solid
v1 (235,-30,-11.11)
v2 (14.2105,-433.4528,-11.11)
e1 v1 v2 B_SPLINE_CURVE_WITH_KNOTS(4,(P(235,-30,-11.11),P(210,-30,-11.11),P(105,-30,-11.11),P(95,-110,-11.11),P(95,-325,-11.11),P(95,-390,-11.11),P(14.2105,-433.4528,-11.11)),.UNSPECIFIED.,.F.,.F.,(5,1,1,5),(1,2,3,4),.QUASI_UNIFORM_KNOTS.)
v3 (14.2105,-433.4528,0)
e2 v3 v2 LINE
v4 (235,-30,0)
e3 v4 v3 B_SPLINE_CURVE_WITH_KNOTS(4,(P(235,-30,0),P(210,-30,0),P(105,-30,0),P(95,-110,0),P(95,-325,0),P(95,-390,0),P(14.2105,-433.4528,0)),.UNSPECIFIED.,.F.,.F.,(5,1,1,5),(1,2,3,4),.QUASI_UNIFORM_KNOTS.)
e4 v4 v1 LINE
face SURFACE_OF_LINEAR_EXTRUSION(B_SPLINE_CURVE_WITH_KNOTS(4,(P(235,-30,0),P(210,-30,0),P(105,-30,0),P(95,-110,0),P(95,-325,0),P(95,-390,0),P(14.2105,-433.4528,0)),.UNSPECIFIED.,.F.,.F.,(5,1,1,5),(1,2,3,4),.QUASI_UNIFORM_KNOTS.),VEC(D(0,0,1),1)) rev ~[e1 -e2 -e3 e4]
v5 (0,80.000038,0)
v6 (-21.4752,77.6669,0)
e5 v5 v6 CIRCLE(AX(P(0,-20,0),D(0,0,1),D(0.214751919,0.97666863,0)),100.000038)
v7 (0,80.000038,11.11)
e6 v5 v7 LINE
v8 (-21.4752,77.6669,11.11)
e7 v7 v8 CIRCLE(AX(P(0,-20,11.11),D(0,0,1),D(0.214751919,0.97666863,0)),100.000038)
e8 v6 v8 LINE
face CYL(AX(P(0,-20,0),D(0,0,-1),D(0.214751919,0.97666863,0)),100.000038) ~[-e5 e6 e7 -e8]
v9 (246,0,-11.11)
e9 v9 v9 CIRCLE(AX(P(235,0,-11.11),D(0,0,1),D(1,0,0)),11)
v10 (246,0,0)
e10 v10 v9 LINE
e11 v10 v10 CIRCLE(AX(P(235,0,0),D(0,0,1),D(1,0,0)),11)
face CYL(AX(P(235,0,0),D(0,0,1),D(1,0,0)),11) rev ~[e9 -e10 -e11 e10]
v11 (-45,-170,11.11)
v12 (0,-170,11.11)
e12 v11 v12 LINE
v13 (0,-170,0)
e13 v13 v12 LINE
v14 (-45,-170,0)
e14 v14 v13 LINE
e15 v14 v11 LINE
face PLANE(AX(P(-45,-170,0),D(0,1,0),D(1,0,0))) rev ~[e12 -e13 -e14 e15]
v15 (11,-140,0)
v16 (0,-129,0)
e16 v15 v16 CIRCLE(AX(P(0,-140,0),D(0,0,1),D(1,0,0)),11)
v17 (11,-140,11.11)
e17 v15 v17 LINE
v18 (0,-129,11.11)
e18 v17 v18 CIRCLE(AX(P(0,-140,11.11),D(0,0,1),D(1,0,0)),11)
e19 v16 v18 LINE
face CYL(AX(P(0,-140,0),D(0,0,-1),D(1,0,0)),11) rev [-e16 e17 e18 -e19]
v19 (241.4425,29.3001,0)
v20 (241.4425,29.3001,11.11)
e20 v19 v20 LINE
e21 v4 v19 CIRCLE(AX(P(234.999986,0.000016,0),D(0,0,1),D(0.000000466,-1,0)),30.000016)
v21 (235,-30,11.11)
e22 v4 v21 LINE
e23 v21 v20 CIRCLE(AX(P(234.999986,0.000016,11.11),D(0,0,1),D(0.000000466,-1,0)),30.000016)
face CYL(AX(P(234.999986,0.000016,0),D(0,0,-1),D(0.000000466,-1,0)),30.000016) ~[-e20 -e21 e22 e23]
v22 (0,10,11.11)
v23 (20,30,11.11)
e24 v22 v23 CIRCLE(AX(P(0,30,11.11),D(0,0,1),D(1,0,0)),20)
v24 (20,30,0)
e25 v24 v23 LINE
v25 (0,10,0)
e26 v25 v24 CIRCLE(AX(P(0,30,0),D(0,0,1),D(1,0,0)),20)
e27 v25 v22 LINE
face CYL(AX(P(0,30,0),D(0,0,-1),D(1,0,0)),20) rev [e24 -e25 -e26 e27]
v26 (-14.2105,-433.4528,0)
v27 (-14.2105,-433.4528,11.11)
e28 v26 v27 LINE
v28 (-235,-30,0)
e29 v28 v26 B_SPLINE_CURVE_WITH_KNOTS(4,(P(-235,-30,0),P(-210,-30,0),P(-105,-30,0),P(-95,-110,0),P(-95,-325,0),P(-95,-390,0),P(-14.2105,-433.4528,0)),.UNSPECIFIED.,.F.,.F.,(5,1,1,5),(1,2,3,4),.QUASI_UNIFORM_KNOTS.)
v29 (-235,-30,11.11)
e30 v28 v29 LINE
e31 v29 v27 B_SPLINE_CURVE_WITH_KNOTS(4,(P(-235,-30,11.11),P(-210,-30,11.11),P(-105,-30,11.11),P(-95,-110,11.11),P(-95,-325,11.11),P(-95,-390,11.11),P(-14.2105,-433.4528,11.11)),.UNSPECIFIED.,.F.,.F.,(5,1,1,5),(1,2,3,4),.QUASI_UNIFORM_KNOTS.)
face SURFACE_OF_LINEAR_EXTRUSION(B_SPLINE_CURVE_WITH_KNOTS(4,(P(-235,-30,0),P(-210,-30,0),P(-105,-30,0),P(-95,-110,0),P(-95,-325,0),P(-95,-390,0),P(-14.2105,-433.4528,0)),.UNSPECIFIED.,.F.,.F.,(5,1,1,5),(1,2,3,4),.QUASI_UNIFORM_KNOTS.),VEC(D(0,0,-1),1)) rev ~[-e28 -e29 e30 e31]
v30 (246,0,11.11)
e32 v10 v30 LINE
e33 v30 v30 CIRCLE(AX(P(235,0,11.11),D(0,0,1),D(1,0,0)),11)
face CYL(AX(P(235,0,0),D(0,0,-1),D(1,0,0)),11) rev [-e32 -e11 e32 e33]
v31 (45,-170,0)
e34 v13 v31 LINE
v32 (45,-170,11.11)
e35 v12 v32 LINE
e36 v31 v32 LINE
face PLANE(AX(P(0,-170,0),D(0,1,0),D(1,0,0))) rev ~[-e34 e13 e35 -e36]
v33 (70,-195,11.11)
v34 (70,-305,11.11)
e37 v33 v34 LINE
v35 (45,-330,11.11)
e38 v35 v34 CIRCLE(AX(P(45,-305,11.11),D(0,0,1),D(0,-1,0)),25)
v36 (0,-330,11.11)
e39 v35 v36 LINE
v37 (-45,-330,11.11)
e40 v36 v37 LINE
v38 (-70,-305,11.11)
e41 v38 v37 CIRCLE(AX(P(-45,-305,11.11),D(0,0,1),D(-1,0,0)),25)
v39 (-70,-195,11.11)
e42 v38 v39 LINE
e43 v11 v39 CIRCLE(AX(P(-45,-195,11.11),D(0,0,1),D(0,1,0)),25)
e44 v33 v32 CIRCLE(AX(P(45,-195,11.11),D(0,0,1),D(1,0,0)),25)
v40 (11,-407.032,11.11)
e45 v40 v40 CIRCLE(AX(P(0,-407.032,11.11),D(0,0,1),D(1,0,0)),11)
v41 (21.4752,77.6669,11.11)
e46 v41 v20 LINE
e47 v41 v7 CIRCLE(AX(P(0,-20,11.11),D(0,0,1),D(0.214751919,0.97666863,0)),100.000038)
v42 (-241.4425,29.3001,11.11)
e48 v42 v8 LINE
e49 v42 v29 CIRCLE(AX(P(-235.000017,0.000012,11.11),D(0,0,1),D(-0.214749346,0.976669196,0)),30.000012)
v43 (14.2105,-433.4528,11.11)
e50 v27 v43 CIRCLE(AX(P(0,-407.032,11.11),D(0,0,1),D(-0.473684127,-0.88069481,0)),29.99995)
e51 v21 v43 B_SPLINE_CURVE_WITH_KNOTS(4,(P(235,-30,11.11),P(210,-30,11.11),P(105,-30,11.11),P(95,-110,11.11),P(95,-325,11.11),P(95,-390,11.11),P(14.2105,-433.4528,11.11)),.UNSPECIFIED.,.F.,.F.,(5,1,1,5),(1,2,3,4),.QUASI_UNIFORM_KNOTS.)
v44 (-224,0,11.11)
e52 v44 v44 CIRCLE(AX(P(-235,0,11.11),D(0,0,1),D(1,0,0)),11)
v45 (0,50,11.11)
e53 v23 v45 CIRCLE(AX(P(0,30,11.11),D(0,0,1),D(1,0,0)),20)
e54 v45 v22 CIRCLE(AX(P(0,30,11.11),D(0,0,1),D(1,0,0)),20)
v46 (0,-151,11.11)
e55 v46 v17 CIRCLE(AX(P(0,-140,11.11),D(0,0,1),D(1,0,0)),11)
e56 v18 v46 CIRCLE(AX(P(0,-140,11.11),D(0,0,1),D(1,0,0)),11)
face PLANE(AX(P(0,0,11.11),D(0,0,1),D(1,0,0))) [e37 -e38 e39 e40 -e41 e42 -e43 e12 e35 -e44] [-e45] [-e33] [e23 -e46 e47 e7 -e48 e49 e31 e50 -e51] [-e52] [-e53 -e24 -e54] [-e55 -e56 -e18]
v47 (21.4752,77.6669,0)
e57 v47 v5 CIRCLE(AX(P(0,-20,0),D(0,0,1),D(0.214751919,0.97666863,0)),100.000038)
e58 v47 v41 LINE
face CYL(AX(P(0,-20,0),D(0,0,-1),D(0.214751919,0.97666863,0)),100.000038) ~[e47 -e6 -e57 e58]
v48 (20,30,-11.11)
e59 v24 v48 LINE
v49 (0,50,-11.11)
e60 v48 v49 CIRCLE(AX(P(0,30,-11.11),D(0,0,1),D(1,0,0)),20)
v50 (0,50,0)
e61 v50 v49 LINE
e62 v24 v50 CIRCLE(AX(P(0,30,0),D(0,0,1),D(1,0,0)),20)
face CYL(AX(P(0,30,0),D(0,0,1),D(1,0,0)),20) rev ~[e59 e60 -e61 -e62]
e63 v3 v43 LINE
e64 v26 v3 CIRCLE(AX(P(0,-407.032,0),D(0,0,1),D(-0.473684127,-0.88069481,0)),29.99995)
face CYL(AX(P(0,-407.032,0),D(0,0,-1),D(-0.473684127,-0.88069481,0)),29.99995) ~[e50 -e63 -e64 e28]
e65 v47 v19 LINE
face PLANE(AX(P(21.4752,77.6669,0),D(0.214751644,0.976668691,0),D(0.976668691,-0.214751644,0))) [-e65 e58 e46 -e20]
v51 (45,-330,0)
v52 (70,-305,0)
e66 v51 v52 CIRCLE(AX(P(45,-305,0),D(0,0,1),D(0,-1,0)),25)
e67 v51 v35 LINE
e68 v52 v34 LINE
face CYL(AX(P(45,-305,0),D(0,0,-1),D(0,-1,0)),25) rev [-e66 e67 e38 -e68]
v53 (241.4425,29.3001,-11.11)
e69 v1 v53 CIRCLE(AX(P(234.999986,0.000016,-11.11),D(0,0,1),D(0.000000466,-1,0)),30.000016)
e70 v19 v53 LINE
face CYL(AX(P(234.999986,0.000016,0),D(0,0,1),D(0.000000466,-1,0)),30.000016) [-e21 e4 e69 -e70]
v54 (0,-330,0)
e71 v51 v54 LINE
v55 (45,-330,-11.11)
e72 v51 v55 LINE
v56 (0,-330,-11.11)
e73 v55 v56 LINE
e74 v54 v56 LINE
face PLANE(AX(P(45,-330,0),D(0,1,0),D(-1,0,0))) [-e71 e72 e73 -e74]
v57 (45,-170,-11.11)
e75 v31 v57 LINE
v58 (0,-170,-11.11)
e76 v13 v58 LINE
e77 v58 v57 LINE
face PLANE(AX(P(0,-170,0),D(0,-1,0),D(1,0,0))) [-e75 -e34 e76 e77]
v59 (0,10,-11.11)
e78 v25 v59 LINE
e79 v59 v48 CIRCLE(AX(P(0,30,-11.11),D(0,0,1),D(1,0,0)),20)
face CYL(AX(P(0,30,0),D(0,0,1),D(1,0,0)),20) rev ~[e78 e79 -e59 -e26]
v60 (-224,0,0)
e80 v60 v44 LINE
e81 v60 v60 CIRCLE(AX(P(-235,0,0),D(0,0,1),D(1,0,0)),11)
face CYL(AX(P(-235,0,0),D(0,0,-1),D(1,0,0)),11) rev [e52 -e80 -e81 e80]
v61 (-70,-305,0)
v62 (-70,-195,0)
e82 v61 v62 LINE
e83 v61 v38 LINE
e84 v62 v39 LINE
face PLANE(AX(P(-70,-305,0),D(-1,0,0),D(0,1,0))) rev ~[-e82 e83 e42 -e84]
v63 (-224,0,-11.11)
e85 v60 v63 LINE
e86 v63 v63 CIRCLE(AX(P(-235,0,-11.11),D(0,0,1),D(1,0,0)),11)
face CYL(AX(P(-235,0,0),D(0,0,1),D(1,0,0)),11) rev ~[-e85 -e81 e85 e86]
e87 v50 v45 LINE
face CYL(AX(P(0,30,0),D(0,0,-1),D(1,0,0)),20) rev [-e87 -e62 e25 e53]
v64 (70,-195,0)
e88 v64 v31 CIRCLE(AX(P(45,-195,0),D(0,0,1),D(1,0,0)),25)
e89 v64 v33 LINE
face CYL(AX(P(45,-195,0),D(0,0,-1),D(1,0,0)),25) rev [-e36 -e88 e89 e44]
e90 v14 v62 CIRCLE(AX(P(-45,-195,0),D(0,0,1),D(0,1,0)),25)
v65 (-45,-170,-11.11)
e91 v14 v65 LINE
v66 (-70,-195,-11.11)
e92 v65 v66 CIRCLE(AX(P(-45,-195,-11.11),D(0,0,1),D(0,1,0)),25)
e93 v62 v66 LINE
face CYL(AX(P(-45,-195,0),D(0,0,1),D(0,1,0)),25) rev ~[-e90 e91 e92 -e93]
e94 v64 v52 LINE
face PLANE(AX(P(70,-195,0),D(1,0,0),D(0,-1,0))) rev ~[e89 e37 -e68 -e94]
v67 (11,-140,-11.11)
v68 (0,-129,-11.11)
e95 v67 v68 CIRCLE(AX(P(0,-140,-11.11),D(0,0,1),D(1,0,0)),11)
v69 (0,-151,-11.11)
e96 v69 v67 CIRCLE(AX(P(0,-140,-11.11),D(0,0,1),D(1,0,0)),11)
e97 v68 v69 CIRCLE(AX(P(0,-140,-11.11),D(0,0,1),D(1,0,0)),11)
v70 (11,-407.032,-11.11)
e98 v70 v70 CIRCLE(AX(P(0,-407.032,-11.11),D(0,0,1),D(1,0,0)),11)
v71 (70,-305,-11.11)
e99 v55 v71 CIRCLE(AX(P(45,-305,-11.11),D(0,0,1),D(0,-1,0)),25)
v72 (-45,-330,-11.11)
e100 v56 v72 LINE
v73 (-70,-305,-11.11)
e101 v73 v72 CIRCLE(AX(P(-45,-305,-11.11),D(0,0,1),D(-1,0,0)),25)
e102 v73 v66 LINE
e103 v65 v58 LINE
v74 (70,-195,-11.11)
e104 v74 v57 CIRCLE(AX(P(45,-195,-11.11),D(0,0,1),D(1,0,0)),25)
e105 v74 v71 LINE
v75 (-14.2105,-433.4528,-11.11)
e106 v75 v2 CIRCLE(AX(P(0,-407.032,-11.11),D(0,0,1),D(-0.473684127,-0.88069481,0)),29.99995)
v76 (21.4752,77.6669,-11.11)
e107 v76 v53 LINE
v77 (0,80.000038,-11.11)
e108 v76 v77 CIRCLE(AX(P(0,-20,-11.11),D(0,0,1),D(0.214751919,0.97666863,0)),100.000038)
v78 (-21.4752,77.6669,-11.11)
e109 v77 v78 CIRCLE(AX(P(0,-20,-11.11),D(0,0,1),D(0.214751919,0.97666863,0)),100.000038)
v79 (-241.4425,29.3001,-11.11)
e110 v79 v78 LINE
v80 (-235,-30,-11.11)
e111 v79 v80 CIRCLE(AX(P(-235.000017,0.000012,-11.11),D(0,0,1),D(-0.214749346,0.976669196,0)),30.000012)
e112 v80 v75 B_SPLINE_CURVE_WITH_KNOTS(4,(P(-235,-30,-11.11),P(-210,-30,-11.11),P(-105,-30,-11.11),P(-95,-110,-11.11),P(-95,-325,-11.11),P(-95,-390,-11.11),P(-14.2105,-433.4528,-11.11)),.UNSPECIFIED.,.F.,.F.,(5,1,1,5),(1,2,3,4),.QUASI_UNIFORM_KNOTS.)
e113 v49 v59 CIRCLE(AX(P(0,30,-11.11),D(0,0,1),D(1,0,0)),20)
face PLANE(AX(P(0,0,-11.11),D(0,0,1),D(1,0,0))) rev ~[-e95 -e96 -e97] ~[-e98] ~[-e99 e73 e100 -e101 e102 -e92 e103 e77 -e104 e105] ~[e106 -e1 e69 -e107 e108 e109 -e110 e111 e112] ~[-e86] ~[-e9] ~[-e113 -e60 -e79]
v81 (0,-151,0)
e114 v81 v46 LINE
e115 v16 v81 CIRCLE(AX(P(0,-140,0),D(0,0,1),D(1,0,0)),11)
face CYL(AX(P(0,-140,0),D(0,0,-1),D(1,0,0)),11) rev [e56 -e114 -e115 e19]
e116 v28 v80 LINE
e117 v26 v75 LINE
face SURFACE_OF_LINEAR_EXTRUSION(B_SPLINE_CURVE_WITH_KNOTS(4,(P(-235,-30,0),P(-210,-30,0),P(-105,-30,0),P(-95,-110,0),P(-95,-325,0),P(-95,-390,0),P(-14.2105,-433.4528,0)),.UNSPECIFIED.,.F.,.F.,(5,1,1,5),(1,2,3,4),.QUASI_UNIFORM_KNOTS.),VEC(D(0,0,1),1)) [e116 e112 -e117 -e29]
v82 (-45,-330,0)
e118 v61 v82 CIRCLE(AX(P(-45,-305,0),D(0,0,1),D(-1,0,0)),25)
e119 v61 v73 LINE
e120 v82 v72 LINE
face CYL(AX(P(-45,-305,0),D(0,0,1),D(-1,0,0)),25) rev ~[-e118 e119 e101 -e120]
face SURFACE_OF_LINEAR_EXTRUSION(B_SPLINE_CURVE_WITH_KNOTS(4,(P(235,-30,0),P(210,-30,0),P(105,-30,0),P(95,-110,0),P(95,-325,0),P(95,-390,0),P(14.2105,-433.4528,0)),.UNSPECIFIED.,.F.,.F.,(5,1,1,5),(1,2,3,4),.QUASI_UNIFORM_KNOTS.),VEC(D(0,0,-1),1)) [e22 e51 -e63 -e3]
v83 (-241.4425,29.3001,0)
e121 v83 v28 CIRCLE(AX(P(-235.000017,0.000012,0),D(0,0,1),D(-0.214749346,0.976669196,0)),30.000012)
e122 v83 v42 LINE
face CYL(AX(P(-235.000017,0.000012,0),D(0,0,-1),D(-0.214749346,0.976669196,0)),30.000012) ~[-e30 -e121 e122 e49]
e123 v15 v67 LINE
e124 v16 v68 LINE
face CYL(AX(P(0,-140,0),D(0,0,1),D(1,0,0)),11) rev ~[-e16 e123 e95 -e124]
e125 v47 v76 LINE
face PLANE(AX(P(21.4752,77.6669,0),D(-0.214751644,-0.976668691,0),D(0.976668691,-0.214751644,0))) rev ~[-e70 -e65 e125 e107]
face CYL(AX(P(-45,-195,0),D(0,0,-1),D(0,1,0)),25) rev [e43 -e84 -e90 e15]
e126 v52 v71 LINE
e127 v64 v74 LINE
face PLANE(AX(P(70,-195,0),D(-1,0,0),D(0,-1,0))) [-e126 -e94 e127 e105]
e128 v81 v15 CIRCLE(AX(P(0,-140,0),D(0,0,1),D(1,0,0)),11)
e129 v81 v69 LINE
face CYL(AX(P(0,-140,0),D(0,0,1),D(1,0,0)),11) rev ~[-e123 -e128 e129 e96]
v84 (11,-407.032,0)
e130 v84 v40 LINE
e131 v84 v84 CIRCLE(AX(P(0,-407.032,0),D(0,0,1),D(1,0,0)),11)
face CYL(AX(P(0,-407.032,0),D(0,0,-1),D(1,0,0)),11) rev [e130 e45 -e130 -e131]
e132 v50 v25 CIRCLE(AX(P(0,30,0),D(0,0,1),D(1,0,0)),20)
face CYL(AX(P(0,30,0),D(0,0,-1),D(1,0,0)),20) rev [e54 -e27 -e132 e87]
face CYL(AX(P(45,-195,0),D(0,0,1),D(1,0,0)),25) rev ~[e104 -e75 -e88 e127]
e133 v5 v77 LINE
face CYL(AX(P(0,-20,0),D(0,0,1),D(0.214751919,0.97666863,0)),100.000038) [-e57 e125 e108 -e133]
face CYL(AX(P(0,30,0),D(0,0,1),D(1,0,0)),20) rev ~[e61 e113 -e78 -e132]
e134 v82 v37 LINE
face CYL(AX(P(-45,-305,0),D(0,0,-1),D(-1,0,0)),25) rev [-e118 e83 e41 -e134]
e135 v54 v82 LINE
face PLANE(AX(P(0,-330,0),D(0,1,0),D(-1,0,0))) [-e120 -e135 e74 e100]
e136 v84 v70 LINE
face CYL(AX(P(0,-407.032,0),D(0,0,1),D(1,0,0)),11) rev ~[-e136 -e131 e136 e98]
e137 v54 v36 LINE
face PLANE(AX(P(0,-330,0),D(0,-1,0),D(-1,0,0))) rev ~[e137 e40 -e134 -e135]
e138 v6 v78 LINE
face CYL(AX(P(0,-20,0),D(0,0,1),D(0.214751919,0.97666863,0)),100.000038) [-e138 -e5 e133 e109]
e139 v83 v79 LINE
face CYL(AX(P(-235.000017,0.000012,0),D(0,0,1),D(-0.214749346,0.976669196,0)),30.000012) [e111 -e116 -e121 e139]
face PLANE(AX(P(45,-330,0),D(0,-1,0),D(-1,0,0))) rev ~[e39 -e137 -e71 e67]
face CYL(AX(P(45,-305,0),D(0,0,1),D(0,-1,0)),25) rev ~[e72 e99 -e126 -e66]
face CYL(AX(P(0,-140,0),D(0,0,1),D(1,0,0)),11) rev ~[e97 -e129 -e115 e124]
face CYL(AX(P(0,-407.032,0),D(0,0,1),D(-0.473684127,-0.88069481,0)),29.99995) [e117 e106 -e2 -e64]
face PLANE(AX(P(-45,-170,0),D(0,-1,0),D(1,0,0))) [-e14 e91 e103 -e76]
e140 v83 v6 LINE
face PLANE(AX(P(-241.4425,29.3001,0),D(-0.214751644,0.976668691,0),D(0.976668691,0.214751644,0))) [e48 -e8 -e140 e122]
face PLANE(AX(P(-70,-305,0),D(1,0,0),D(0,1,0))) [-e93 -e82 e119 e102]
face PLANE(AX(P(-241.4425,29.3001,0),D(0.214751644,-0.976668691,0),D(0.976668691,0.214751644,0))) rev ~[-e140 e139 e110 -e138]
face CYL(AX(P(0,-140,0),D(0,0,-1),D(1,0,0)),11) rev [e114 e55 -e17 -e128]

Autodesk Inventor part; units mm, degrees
ref_plane "YZ Plane" through (0, 0, 0) normal (1, 0, 0) x (0, 1, 0)
ref_plane "XZ Plane" through (0, 0, 0) normal (0, 1, 0) x (-1, 0, 0)
ref_plane "XY Plane" through (0, 0, 0) normal (0, 0, 1) x (1, 0, 0)
sketch "Sketch2" plane through (0, 0, 0) normal (0, 0, 1) x (1, 0, 0)
  circle A0 centre (-235, 0) radius 11
  circle A1 centre (235, 0) radius 11
  circle A2 centre (0, -407.032) radius 11
  line L0 (0, -130) -> (0, -100) construction
  line L1 (0, 0) -> (0, 30) construction
  circle A3 centre (0, 30) radius 20
  line L2 (0, 201.7397) -> (0, -386.4818)
  line L3 (-241.4425, 29.3001) -> (-21.4752, 77.6669)
  arc A4 (21.4752, 77.6669) -> (-21.4752, 77.6669) centre (0, -20) ccw
  line L4 (21.4752, 77.6669) -> (241.4425, 29.3001)
  circle A5 centre (0, -140) radius 11
  line L5 (-45, -170) -> (45, -170)
  line L6 (70, -195) -> (70, -305)
  line L7 (45, -330) -> (-45, -330)
  line L8 (-70, -305) -> (-70, -195)
  arc A6 (-14.2105, -433.4528) -> (14.2105, -433.4528) centre (0, -407.032) ccw
  arc A7 (235, -30) -> (241.4425, 29.3001) centre (235, 0) ccw
  arc A8 (-241.4425, 29.3001) -> (-235, -30) centre (-235, 0) ccw
  line L9 (-235, -30) -> (-210, -30) construction
  line L10 (-210, -30) -> (-105, -30) construction
  line L11 (-105, -30) -> (-95, -110) construction
  line L12 (-95, -110) -> (-95, -325) construction
  line L13 (-95, -325) -> (-95, -390) construction
  line L14 (-95, -390) -> (-14.2105, -433.4528) construction
  spline S0 degree 4 poles (-235, -30) (-210, -30) (-105, -30) (-95, -110) (-95, -325) (-95, -390) (-14.2105, -433.4528) knots 1 1 1 1 1 2 3 4 4 4 4 4
  arc A9 (-45, -170) -> (-70, -195) centre (-45, -195) ccw
  arc A10 (70, -195) -> (45, -170) centre (45, -195) ccw
  arc A11 (45, -330) -> (70, -305) centre (45, -305) ccw
  arc A12 (-70, -305) -> (-45, -330) centre (-45, -305) ccw
  line L15 (235, -30) -> (210, -30) construction
  line L16 (210, -30) -> (105, -30) construction
  line L17 (105, -30) -> (95, -110) construction
  line L18 (95, -110) -> (95, -325) construction
  line L19 (95, -325) -> (95, -390) construction
  line L20 (95, -390) -> (14.2105, -433.4528) construction
  spline S1 degree 4 poles (235, -30) (210, -30) (105, -30) (95, -110) (95, -325) (95, -390) (14.2105, -433.4528) knots 1 1 1 1 1 2 3 4 4 4 4 4
  point P0 (-17.2975, -383.8099)
  point P1 (-17.2975, -383.8099)
  point P2 (70, -330)
  point P3 (70, -170)
  point P4 (-70, -330)
  dimension "d24" = 22
  dimension "d25" = 22
  dimension "d31" = 22
  dimension "d32" = 407.032
  dimension "d33" = 0
  dimension "d44" = 30
  dimension "d46" = 40
  dimension "d59" = 22
  dimension "d60" = 140
  dimension "d61" = 140
  dimension "d62" = 160
  dimension "d63" = 30
  dimension "d64" = 60
  dimension "d65" = 60
  dimension "d66" = 60
  dimension "d67" = 25
  dimension "d68" = 100
  dimension "d69" = 20
  dimension "d72" = 470
  dimension "d75" = 25
  dimension "d76" = 30
  dimension "d77" = 190
  dimension "d78" = 210
  dimension "d79" = 30
  dimension "d80" = 80
  dimension "d81" = 215
  dimension "d82" = 65
extrude "Extrusion1" add sketch "Sketch2" along normal mid plane 22.22
properties part number "Corpo_Suporte_4_Cabos_Modelo4"
